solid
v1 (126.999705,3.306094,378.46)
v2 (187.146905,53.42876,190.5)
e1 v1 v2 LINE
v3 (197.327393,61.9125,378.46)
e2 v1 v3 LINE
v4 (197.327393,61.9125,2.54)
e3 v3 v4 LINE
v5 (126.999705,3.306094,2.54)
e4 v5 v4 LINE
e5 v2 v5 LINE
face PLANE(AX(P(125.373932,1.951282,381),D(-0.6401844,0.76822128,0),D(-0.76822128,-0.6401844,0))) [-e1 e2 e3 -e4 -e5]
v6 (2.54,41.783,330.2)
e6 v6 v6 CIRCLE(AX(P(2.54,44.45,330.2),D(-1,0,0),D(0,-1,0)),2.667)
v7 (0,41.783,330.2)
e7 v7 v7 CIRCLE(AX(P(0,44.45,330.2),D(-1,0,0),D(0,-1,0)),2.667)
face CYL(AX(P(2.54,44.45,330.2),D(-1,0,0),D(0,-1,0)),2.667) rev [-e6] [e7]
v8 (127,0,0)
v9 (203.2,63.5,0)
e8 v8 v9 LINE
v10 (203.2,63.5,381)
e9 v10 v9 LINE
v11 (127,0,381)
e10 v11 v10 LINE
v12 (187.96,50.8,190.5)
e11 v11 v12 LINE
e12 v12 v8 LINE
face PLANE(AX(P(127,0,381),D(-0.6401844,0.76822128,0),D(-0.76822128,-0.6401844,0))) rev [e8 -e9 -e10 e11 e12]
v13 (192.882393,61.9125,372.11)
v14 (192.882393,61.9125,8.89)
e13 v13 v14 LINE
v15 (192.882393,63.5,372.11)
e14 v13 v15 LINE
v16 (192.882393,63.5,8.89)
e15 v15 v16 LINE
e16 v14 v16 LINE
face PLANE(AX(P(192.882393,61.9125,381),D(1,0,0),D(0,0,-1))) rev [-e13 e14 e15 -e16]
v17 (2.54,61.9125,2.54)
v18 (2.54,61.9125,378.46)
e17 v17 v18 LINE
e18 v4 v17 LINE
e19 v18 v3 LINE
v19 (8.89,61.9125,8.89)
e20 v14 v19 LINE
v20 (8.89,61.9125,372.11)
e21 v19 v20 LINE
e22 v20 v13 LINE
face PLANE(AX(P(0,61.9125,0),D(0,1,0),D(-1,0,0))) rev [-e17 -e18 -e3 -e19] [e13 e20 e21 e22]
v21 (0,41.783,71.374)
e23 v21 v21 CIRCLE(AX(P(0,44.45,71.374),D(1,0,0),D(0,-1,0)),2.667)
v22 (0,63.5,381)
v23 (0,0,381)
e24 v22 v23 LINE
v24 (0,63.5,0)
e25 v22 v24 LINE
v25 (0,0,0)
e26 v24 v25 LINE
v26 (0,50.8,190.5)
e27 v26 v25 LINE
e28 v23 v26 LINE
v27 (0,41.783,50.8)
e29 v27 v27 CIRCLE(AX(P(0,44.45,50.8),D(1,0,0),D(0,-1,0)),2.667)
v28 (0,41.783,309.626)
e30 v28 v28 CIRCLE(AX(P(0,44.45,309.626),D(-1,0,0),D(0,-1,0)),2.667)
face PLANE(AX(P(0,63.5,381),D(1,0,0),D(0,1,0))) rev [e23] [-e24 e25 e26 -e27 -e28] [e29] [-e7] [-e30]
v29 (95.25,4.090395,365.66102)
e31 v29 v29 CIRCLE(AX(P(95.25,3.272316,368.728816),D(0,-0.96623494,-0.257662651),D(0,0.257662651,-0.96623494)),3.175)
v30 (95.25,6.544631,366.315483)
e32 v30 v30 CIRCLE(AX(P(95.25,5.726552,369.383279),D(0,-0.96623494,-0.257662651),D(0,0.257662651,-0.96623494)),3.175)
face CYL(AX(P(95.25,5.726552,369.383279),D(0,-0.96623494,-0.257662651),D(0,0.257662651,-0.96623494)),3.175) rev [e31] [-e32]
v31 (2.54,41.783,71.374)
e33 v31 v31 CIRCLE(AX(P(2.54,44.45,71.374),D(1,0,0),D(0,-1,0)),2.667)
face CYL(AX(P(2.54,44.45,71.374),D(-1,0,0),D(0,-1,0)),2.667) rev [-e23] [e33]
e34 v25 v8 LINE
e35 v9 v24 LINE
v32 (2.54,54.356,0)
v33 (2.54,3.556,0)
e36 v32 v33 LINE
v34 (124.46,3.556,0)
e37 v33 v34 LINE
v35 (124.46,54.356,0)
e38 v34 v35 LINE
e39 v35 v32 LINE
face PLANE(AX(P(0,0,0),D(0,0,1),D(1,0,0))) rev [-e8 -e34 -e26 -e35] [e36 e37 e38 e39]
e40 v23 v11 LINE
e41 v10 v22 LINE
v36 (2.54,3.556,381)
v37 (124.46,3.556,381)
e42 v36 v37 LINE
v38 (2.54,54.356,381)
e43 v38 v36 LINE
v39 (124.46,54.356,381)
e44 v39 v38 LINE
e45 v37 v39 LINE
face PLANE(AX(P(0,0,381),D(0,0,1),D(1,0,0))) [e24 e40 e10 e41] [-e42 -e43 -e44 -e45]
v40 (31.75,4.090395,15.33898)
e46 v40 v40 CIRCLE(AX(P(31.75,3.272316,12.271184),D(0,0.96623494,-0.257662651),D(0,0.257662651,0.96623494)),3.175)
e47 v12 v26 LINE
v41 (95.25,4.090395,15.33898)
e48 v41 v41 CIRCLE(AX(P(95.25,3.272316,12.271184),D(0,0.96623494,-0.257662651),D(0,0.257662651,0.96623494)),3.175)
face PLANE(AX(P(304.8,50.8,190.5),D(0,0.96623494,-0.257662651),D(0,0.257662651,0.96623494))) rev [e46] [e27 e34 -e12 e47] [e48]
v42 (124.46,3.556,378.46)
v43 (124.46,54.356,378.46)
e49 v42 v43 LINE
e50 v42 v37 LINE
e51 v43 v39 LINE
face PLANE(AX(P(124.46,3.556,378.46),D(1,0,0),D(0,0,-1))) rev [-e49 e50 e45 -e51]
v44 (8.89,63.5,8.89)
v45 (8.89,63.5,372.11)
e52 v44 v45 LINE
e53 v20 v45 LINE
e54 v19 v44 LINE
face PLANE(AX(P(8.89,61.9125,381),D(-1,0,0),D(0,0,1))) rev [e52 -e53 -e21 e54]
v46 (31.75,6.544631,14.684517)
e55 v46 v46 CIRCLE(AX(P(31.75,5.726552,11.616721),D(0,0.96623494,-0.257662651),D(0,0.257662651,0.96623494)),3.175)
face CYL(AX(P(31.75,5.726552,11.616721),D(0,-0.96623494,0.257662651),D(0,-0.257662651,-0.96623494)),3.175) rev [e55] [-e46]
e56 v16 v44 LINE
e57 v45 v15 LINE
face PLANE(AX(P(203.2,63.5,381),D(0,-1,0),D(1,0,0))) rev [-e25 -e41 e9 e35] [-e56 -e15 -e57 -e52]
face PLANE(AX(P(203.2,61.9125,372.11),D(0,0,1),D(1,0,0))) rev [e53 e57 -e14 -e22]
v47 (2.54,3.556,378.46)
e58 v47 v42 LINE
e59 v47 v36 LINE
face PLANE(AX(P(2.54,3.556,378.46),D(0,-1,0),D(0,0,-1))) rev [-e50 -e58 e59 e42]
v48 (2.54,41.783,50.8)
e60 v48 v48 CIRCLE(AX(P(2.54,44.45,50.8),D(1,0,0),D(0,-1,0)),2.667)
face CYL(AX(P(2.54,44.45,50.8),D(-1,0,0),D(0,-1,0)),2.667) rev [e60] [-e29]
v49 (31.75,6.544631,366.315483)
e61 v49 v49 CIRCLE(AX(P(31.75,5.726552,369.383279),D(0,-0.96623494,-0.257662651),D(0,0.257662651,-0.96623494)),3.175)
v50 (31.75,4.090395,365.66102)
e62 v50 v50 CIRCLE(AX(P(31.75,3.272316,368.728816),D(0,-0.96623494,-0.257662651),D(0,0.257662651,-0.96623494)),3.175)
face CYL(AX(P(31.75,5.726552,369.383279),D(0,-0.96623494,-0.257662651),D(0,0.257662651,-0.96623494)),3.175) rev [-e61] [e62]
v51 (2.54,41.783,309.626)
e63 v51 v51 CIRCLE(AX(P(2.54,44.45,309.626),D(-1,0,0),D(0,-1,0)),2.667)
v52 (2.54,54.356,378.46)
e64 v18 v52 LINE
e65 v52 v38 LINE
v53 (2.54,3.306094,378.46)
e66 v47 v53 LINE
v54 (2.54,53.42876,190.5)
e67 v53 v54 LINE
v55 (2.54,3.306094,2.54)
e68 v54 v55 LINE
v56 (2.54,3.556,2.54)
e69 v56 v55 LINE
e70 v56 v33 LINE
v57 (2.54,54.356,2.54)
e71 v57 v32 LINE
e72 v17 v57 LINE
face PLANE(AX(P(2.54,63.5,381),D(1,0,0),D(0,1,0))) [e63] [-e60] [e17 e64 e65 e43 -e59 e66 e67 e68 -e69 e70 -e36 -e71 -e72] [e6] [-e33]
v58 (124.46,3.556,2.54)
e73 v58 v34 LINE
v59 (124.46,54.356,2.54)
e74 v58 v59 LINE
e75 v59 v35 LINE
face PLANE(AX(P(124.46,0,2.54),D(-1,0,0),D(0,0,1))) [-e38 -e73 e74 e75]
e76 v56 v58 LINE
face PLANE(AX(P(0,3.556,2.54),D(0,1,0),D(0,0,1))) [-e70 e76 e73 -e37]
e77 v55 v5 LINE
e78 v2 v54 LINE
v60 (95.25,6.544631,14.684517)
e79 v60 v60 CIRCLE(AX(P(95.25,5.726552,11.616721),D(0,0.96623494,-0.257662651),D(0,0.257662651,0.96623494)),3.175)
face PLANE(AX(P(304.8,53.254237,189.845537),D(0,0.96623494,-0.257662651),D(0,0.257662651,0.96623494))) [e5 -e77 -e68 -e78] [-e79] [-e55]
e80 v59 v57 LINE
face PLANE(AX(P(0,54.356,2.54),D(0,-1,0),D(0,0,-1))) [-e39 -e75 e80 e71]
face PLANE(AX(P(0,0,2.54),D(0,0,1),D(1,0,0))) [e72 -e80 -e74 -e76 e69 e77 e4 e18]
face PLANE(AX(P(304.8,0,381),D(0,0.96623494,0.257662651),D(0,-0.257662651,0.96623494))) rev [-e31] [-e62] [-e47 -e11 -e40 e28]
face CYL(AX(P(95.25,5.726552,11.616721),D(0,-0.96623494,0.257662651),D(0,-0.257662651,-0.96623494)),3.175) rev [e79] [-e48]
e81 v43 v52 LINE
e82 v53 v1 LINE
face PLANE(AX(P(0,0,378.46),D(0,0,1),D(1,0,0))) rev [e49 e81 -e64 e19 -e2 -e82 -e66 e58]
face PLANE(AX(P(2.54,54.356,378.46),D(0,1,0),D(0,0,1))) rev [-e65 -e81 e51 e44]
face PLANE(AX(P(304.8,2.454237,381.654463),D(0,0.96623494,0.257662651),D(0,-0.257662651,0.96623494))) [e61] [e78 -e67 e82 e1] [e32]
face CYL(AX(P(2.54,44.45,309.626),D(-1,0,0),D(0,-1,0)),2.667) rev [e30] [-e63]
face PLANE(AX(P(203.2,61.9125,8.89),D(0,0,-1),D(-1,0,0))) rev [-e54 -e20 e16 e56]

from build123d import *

# Parameters (mm, degrees)
BOSS_EXTRUDE1_DEPTH = 381
CUT_EXTRUDE1_DEPTH  = 304.8
SHELL1_T            = -2.54
SKETCH4_W           = 121.92
SKETCH4_H           = 50.8
CUT_EXTRUDE3_DEPTH  = 2.54
CUT_EXTRUDE4_START  = -381
SKETCH4_4_W         = 121.92
SKETCH4_4_H         = 50.8
CUT_EXTRUDE4_DEPTH  = 2.54
SKETCH5_R           = 3.175
CUT_EXTRUDE5_DEPTH  = 2.54
BOSS_EXTRUDE2_START = 63.5
SKETCH7_W           = 196.692393165
SKETCH7_H           = 375.92
BOSS_EXTRUDE2_DEPTH = 1.5875
SKETCH8_R           = 2.667
CUT_EXTRUDE6_DEPTH  = 2.54


with BuildPart() as part:
    # Sketch2 → Boss-Extrude1 (new body)
    with BuildSketch(Plane.XY):
        Polygon((0, 0), (127, 0), (203.2, 63.5), (0, 63.5), align=None)
    extrude(amount=BOSS_EXTRUDE1_DEPTH)

    # Sketch3 → Cut-Extrude1 (cut)
    with BuildSketch(Plane.ZY):
        Polygon((0, 0), (381, 0), (190.5, 50.8), align=None)
    extrude(amount=-CUT_EXTRUDE1_DEPTH, mode=Mode.SUBTRACT)

    # Shell1
    shell1_openings = [part.faces().sort_by_distance(p)[0] for p in [
        (101.6, 63.5, 190.5),
    ]]
    offset(amount=SHELL1_T, openings=shell1_openings, kind=Kind.INTERSECTION)

    # Sketch4 → Cut-Extrude3 (cut)
    with BuildSketch(Plane.XY.offset(381)):
        with Locations((63.5, 28.956)):
            Rectangle(SKETCH4_W, SKETCH4_H)
    extrude(amount=-CUT_EXTRUDE3_DEPTH, mode=Mode.SUBTRACT)

    # Sketch4<4> → Cut-Extrude4 (cut)
    with BuildSketch(Plane.XY.offset(381).offset(CUT_EXTRUDE4_START)):
        with Locations((63.5, 28.956)):
            Rectangle(SKETCH4_4_W, SKETCH4_4_H)
    extrude(amount=CUT_EXTRUDE4_DEPTH, mode=Mode.SUBTRACT)

    # Sketch5 → Cut-Extrude5 (cut)
    with BuildSketch(Plane(origin=(0, 94.854771784, 25.294605809), x_dir=(1, 0, 0), z_dir=(0, -0.9662349396012463, -0.2576626505603321))):
        with Locations(Location((31.75, 355.435511988, 0), (0, 0, 270))):
            Circle(SKETCH5_R)
        with Locations(Location((95.25, 355.435511988, 0), (0, 0, 270))):
            Circle(SKETCH5_R)
    cut_extrude5 = extrude(amount=-CUT_EXTRUDE5_DEPTH, mode=Mode.SUBTRACT)

    # Mirror1: Cut-Extrude5 across plane
    add(cut_extrude5.mirror(Plane.XY.offset(190.5)), mode=Mode.SUBTRACT)

    # Sketch7 → Boss-Extrude2 (add)
    with BuildSketch(Plane(origin=(0, 0, 0), x_dir=(1, 0, 0), z_dir=(0, 1, 0)).offset(BOSS_EXTRUDE2_START)):
        with Locations((100.886196583, -190.5)):
            Rectangle(SKETCH7_W, SKETCH7_H)
        Polygon((8.89, -372.11), (126.999705463, -372.11), (192.882393165, -372.11), (192.882393165, -8.89), (126.999705463, -8.89), (8.89, -8.89), (8.89, -190.5), align=None, mode=Mode.SUBTRACT)
    extrude(amount=-BOSS_EXTRUDE2_DEPTH)

    # Sketch8 → Cut-Extrude6 (cut)
    with BuildSketch(Plane.ZY):
        with Locations(Location((309.626, 44.45, 0), (0, 0, 270))):
            Circle(SKETCH8_R)
        with Locations(Location((330.2, 44.45, 0), (0, 0, 270))):
            Circle(SKETCH8_R)
    cut_extrude6 = extrude(amount=-CUT_EXTRUDE6_DEPTH, mode=Mode.SUBTRACT)

    # Mirror2: Cut-Extrude6 across plane
    add(cut_extrude6.mirror(Plane.XY.offset(190.5)), mode=Mode.SUBTRACT)


solid = part.part
